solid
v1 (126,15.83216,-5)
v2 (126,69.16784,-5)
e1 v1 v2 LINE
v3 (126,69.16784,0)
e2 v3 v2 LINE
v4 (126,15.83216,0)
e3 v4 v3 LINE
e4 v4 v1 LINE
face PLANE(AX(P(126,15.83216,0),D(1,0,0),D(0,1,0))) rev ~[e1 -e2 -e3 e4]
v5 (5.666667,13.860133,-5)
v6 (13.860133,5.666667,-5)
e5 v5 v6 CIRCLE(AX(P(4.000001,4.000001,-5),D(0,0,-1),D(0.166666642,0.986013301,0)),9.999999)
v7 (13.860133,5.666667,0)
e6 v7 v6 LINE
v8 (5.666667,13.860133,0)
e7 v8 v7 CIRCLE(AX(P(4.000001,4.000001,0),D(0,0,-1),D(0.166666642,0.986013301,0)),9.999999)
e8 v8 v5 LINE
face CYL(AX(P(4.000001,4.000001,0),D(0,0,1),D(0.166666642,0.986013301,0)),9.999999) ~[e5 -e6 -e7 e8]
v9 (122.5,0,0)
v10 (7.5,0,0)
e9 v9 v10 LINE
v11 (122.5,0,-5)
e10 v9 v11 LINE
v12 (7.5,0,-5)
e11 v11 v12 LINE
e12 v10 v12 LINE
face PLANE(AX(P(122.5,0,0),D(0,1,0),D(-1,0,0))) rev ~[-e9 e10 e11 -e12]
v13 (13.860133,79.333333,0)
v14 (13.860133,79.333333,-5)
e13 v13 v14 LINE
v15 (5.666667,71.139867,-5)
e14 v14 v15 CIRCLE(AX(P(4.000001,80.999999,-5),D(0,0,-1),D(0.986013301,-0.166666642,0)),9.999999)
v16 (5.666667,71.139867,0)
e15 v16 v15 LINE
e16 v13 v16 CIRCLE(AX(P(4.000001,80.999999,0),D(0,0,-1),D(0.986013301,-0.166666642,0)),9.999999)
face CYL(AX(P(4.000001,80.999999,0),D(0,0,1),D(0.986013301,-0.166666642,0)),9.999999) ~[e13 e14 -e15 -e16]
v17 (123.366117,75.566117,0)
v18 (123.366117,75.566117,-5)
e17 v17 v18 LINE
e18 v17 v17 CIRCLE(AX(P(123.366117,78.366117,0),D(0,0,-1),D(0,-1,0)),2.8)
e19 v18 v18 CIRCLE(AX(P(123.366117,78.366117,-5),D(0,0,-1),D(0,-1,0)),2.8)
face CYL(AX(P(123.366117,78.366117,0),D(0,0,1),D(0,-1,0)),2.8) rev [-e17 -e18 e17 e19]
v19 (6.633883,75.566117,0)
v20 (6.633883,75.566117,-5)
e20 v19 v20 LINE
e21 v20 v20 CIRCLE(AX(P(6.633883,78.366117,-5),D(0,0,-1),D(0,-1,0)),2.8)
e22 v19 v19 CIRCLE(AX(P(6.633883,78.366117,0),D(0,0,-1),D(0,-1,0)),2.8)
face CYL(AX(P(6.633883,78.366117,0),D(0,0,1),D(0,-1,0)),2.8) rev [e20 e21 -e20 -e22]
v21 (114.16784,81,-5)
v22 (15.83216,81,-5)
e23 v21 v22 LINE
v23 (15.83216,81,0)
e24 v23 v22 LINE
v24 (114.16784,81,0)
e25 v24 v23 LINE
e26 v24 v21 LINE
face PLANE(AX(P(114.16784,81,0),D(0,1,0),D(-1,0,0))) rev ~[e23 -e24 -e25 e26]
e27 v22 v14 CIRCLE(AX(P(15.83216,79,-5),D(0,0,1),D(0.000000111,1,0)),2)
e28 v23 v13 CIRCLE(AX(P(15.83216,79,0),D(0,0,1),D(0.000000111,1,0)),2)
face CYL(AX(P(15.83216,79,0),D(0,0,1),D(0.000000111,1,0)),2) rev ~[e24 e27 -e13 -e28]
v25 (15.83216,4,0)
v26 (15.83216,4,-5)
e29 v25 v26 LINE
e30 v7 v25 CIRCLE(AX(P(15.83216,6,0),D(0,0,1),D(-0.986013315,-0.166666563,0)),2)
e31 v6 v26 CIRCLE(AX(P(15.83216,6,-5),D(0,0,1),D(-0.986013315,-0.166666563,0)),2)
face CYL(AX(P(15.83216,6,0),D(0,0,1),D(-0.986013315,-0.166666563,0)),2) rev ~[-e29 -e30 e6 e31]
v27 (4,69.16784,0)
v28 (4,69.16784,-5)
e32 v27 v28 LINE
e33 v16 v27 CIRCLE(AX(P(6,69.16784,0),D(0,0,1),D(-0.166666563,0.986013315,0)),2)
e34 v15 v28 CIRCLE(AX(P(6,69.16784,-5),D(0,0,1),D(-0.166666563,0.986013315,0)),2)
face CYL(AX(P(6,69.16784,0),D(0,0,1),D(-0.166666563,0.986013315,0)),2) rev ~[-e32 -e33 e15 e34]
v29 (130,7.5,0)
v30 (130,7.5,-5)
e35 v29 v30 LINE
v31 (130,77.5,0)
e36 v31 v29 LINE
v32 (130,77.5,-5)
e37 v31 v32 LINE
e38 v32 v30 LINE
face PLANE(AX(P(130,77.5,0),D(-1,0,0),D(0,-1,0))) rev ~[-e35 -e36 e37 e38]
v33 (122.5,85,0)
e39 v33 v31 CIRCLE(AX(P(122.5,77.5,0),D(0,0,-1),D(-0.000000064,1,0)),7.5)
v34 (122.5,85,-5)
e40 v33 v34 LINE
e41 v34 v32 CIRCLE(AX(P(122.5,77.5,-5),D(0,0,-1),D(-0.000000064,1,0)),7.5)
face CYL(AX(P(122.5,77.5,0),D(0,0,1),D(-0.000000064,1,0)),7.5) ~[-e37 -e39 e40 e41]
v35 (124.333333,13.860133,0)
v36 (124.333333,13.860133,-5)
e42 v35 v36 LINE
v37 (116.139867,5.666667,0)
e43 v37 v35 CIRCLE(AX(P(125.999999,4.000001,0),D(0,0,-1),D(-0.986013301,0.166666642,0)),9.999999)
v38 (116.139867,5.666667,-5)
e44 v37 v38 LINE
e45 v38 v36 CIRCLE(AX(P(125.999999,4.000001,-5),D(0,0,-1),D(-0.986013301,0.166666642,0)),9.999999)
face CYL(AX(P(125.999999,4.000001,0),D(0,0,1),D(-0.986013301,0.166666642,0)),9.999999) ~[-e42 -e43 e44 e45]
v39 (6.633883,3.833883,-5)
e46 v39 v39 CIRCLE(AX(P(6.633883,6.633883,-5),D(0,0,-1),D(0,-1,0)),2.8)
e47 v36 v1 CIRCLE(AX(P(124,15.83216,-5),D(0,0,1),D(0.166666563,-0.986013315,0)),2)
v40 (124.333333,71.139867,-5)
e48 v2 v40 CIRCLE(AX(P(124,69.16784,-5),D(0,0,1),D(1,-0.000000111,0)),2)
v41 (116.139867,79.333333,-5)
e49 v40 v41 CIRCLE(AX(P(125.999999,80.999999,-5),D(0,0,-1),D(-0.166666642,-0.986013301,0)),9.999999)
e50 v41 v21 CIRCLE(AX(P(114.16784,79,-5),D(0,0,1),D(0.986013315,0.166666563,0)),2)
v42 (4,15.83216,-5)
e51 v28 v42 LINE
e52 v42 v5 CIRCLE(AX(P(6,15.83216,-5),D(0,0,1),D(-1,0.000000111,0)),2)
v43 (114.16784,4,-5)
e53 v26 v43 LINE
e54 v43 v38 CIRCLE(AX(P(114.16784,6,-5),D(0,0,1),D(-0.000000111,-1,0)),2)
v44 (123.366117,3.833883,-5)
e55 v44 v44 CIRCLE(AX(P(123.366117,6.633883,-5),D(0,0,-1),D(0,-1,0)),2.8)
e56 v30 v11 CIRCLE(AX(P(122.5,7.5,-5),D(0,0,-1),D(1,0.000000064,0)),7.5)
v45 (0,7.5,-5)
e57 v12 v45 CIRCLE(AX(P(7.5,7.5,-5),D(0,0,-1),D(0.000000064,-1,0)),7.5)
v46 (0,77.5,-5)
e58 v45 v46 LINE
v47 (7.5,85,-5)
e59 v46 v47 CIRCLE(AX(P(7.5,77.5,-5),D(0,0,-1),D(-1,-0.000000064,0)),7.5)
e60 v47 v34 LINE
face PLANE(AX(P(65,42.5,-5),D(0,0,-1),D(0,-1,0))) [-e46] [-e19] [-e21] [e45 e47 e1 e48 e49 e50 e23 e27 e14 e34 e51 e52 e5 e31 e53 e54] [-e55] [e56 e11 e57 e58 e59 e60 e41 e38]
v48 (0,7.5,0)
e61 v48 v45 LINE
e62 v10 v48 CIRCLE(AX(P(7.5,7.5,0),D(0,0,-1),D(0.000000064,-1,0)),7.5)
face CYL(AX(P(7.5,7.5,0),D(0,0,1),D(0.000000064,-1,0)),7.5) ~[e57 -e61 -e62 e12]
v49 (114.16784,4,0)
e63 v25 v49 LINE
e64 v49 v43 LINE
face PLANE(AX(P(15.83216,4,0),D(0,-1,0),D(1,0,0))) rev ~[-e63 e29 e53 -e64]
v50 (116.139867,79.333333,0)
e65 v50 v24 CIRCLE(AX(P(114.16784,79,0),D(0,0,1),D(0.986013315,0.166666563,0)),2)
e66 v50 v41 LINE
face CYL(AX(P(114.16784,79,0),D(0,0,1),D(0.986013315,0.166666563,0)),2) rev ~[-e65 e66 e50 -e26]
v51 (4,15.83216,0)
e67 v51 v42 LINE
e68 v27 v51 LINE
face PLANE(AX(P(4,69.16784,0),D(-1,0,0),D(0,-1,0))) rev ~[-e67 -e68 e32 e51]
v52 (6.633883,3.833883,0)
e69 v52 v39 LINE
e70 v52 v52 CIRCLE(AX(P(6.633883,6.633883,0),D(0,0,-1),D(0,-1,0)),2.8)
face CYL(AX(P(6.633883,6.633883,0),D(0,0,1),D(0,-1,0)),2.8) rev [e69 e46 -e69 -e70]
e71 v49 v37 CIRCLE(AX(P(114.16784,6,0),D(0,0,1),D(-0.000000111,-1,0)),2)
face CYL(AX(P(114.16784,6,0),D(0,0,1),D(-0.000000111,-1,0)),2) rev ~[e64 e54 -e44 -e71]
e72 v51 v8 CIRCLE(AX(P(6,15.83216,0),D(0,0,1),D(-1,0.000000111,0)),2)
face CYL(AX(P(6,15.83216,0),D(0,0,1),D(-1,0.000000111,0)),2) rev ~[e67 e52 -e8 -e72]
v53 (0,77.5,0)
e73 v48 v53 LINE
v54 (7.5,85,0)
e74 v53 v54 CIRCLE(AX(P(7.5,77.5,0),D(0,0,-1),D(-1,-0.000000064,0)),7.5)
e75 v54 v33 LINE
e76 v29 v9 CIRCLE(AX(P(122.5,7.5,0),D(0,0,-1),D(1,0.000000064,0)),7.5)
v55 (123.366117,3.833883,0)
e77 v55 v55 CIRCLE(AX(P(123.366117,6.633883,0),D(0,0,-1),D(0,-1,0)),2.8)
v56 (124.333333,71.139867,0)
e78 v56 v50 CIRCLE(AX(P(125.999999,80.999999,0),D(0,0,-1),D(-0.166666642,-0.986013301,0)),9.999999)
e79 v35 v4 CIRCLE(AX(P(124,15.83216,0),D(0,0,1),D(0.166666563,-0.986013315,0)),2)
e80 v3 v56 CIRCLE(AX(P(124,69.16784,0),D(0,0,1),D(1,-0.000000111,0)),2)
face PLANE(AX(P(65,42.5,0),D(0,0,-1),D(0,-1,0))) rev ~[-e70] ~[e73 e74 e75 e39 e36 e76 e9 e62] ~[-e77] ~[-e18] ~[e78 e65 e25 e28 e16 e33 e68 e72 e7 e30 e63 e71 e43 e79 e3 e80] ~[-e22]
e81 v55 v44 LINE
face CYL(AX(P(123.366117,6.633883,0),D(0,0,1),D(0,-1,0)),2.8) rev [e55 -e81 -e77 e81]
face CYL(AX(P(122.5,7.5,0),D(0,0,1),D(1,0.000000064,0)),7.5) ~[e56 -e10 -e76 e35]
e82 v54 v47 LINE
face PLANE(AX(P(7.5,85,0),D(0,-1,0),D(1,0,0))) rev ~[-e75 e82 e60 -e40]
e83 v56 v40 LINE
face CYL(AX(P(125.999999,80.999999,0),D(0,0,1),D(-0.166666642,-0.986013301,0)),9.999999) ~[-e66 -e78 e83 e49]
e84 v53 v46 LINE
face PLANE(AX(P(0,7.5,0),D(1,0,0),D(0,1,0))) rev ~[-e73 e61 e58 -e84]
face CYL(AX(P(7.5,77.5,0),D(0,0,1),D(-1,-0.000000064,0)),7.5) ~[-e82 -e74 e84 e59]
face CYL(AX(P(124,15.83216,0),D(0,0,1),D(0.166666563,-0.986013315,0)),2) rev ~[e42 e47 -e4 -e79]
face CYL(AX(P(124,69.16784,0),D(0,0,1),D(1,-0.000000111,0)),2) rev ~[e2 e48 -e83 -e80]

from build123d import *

# Parameters (mm, degrees)
SHAPEBINDER_R = 2.8
PAD_DEPTH     = 5


with BuildPart() as part:
    # ShapeBinder → Pad (new body)
    with BuildSketch(Plane(origin=(65, 42.5, 0), x_dir=(0, -1, 0), z_dir=(0, 0, -1))):
        with BuildLine():
            Line((35, 65), (-35, 65))
            ThreePointArc((-35, 65), (-40.303301, 62.803301), (-42.5, 57.5))
            Line((-42.5, 57.5), (-42.5, -57.5))
            ThreePointArc((-42.5, -57.5), (-40.303301, -62.803301), (-35, -65))
            Line((-35, -65), (0.97016, -65))
            Line((0.97016, -65), (16.010767, -65))
            Line((16.010767, -65), (35, -65))
            ThreePointArc((35, -65), (40.303301, -62.803301), (42.5, -57.5))
            Line((42.5, -57.5), (42.5, 57.5))
            ThreePointArc((42.5, 57.5), (40.303301, 62.803301), (35, 65))
        make_face()
        with Locations((35.866117, 58.366117)):
            Circle(SHAPEBINDER_R, mode=Mode.SUBTRACT)
        with Locations((35.866117, -58.366117)):
            Circle(SHAPEBINDER_R, mode=Mode.SUBTRACT)
        with Locations((-35.866117, 58.366117)):
            Circle(SHAPEBINDER_R, mode=Mode.SUBTRACT)
        with BuildLine():
            ThreePointArc((28.639867, 59.333333), (31.428932, 53.928932), (36.833333, 51.139867))
            ThreePointArc((36.833333, 51.139867), (38.027525, 50.458835), (38.5, 49.16784))
            Line((38.5, 49.16784), (38.5, -49.16784))
            ThreePointArc((38.5, -49.16784), (38.027525, -50.458835), (36.833333, -51.139867))
            ThreePointArc((36.833333, -51.139867), (31.428932, -53.928932), (28.639867, -59.333333))
            ThreePointArc((28.639867, -59.333333), (27.958835, -60.527525), (26.66784, -61))
            Line((26.66784, -61), (-26.66784, -61))
            ThreePointArc((-26.66784, -61), (-27.958835, -60.527525), (-28.639867, -59.333333))
            ThreePointArc((-28.639867, -59.333333), (-31.428932, -53.928932), (-36.833333, -51.139867))
            ThreePointArc((-36.833333, -51.139867), (-38.027525, -50.458835), (-38.5, -49.16784))
            Line((-38.5, -49.16784), (-38.5, 49.16784))
            ThreePointArc((-38.5, 49.16784), (-38.027525, 50.458835), (-36.833333, 51.139867))
            ThreePointArc((-36.833333, 51.139867), (-31.428932, 53.928932), (-28.639867, 59.333333))
            ThreePointArc((-28.639867, 59.333333), (-27.958835, 60.527525), (-26.66784, 61))
            Line((-26.66784, 61), (26.66784, 61))
            ThreePointArc((26.66784, 61), (27.958835, 60.527525), (28.639867, 59.333333))
        make_face(mode=Mode.SUBTRACT)
        with Locations((-35.866117, -58.366117)):
            Circle(SHAPEBINDER_R, mode=Mode.SUBTRACT)
    extrude(amount=PAD_DEPTH)


solid = part.part
